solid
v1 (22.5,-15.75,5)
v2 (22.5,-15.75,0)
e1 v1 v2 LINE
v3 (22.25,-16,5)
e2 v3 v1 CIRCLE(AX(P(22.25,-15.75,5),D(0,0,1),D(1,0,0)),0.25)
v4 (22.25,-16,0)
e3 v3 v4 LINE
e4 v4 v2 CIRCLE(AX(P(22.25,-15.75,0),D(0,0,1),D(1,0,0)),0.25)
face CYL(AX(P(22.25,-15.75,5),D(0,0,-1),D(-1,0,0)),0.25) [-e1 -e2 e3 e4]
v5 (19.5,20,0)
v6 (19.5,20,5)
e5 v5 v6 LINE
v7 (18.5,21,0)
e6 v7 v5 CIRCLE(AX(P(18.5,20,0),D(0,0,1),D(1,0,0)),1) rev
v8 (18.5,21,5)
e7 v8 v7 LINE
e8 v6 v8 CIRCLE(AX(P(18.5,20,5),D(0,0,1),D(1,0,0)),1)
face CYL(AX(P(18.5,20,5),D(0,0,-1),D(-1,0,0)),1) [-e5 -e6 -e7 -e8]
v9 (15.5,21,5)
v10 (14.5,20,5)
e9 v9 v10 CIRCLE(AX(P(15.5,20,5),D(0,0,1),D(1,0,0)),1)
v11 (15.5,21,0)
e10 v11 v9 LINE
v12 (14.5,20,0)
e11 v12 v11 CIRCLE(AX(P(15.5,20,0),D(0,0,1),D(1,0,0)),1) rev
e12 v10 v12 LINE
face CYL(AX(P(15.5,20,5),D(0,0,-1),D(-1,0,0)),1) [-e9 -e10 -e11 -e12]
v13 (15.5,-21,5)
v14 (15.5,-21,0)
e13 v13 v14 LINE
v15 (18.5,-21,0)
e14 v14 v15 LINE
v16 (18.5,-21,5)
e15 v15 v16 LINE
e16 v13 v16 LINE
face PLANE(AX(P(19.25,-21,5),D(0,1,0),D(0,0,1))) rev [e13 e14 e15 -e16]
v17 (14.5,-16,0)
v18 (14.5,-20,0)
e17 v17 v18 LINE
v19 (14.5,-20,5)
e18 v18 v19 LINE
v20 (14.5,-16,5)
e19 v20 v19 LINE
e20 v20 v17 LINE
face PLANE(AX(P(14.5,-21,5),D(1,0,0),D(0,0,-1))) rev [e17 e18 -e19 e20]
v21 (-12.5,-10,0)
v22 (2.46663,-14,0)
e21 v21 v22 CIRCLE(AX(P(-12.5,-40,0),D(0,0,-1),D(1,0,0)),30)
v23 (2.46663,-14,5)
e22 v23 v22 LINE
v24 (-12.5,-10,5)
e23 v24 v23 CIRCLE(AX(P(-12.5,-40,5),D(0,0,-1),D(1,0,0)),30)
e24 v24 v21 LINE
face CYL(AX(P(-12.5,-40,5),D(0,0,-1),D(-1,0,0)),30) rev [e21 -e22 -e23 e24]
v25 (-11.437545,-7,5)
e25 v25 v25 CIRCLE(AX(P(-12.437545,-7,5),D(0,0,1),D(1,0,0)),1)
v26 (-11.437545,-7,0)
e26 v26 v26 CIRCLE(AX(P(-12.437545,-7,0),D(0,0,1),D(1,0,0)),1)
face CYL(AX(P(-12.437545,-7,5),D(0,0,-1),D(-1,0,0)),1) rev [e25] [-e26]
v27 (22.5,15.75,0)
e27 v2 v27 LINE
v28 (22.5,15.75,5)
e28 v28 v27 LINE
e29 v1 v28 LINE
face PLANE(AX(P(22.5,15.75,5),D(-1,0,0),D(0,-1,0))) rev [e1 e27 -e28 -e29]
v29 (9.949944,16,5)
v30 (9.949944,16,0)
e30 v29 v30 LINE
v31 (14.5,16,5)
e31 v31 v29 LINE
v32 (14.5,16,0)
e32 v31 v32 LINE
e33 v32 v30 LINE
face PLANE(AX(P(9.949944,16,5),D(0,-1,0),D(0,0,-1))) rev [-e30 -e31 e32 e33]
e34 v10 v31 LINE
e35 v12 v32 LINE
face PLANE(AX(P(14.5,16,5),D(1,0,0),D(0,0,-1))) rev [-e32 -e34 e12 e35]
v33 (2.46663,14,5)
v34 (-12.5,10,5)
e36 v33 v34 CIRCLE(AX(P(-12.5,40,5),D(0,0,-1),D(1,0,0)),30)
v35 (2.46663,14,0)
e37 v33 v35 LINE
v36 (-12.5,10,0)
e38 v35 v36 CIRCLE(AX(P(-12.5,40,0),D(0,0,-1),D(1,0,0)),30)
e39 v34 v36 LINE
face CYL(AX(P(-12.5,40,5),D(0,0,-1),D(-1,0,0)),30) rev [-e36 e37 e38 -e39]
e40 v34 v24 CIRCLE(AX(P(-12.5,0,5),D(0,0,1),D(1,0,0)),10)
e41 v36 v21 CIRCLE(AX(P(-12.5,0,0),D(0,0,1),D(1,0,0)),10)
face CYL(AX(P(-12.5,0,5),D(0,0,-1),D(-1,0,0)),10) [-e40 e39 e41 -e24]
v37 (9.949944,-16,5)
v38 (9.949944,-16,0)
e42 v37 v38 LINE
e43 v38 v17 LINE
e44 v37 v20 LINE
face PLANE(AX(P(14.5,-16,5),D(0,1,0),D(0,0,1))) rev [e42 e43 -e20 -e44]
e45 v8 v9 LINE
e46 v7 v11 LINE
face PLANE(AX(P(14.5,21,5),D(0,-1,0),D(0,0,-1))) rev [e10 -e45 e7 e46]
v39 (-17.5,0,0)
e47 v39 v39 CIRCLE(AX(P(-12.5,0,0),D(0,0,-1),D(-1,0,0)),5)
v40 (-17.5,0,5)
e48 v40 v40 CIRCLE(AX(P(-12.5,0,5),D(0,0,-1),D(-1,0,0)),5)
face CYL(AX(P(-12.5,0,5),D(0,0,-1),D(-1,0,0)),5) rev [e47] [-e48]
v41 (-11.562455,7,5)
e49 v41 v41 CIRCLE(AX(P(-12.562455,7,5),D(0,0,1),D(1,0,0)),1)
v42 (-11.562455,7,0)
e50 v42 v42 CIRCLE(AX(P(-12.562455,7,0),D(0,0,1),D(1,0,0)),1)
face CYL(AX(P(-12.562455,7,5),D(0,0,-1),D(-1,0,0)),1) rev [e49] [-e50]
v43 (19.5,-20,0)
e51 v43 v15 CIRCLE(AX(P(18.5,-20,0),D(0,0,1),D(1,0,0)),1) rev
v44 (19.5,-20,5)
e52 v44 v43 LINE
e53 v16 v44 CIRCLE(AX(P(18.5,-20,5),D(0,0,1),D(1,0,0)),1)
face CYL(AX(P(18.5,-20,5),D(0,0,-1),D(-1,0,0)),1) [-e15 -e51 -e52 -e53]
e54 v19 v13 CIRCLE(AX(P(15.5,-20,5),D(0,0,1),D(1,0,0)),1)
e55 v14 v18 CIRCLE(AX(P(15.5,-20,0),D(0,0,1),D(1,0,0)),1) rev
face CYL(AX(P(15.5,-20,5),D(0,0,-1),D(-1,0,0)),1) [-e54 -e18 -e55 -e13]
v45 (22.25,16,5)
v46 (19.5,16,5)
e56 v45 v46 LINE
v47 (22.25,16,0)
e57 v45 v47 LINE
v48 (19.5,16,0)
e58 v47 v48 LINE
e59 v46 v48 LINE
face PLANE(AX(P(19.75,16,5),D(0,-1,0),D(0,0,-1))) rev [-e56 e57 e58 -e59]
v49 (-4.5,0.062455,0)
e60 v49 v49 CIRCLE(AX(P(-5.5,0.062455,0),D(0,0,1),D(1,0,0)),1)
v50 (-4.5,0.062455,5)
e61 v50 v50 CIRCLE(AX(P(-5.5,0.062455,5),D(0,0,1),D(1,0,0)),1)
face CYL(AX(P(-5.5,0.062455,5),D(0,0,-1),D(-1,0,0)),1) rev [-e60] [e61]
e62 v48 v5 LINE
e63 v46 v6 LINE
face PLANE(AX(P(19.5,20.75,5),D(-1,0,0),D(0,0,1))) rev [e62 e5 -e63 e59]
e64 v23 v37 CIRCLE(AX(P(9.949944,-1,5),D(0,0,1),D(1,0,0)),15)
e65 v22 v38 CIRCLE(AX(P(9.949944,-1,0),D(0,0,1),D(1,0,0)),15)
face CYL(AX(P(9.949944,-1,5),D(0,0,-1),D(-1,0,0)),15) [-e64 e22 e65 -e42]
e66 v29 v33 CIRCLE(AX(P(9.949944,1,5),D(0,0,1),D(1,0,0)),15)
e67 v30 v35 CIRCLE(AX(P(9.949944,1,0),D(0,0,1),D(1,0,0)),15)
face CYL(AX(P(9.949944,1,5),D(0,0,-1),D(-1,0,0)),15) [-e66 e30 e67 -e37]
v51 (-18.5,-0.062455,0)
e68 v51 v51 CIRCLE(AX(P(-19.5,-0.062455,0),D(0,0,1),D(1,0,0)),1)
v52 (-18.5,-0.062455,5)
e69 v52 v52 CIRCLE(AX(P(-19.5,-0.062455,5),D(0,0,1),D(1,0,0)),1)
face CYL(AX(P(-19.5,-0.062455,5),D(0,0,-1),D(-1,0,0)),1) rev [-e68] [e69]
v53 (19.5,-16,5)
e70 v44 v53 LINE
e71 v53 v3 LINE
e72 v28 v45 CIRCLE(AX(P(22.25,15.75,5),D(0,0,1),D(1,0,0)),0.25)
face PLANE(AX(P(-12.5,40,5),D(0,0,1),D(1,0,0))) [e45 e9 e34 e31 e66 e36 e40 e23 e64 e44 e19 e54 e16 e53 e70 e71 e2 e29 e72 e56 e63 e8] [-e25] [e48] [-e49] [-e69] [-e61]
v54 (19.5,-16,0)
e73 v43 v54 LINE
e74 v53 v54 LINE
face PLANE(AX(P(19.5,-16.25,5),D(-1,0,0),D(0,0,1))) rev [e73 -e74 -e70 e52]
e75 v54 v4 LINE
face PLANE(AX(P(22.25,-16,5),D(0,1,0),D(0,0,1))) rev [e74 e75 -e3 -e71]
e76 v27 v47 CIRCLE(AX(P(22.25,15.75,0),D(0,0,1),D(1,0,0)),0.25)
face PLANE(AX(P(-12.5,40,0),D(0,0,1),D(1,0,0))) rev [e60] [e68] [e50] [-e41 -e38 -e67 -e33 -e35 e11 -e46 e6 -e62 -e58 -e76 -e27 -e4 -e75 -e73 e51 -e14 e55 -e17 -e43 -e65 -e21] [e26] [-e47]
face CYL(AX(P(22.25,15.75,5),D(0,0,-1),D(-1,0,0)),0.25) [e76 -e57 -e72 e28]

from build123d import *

# Parameters (mm, degrees)
SKETCH1_R           = 1
SKETCH1_R_2         = 1.5
BOSS_EXTRUDE1_DEPTH = 5
SKETCH2_R           = 5
CUT_EXTRUDE1_DEPTH  = 5
SKETCH3_W           = 1.4355807
SKETCH3_H           = 6.545274718
SKETCH3_W_2         = 3.269456696
SKETCH3_H_2         = 6.030331239
CUT_EXTRUDE2_DEPTH  = 5
SKETCH4_W           = 3.74989662
SKETCH4_H           = 42
BOSS_EXTRUDE2_DEPTH = 5
FILLET1_R           = 1


with BuildPart() as part:
    # Sketch1 → Boss-Extrude1 (new body)
    with BuildSketch(Plane.XY):
        with BuildLine():
            Line((19.25, -21), (14.5, -21))
            Line((14.5, -21), (14.5, -16))
            Line((14.5, -16), (13.407179423, -16))
            Line((13.407179423, -16), (9.949944321, -16))
            ThreePointArc((9.949944321, -16), (6.076960974, -15.491376746), (2.466629547, -14))
            ThreePointArc((2.466629547, -14), (-4.754033308, -11.017246508), (-12.5, -10))
            ThreePointArc((-12.5, -10), (-22.5, 0), (-12.5, 10))
            ThreePointArc((-12.5, 10), (-4.754033308, 11.017246508), (2.466629547, 14))
            ThreePointArc((2.466629547, 14), (6.076960974, 15.491376746), (9.949944321, 16))
            Line((9.949944321, 16), (13.407179423, 16))
            Line((13.407179423, 16), (14.5, 16))
            Line((14.5, 16), (14.5, 21))
            Line((14.5, 21), (19.25, 21))
            ThreePointArc((19.25, 21), (19.426776695, 20.926776695), (19.5, 20.75))
            Line((19.5, 20.75), (19.5, 16.25))
            ThreePointArc((19.5, 16.25), (19.573223305, 16.073223305), (19.75, 16))
            Line((19.75, 16), (22.25, 16))
            ThreePointArc((22.25, 16), (22.426776695, 15.926776695), (22.5, 15.75))
            Line((22.5, 15.75), (22.5, -15.75))
            ThreePointArc((22.5, -15.75), (22.426776695, -15.926776695), (22.25, -16))
            Line((22.25, -16), (19.75, -16))
            ThreePointArc((19.75, -16), (19.573223305, -16.073223305), (19.5, -16.25))
            Line((19.5, -16.25), (19.5, -20.75))
            ThreePointArc((19.5, -20.75), (19.426776695, -20.926776695), (19.25, -21))
        make_face()
        with Locations((-19.5, -0.062454575)):
            Circle(SKETCH1_R, mode=Mode.SUBTRACT)
        with Locations((-12.562454575, 7)):
            Circle(SKETCH1_R, mode=Mode.SUBTRACT)
        with Locations((-5.5, 0.062454575)):
            Circle(SKETCH1_R, mode=Mode.SUBTRACT)
        with Locations((-12.5, 0)):
            Circle(SKETCH1_R_2, mode=Mode.SUBTRACT)
        with Locations((-12.437545425, -7)):
            Circle(SKETCH1_R, mode=Mode.SUBTRACT)
    extrude(amount=BOSS_EXTRUDE1_DEPTH)

    # Sketch2 → Cut-Extrude1 (cut)
    with BuildSketch(Plane(origin=(0, 0, 0), x_dir=(-1, 0, 0), z_dir=(0, 0, -1))):
        with Locations((12.5, 0)):
            Circle(SKETCH2_R)
    extrude(amount=-CUT_EXTRUDE1_DEPTH, mode=Mode.SUBTRACT)

    # Sketch3 → Cut-Extrude2 (cut)
    with BuildSketch(Plane(origin=(0, 0, 0), x_dir=(-1, 0, 0), z_dir=(0, 0, -1))):
        with Locations((-20.21779035, 19.272637359)):
            Rectangle(SKETCH3_W, SKETCH3_H)
        with Locations((-21.134728348, -19.01516562)):
            Rectangle(SKETCH3_W_2, SKETCH3_H_2)
    extrude(amount=-CUT_EXTRUDE2_DEPTH, mode=Mode.SUBTRACT)

    # Sketch4 → Boss-Extrude2 (add)
    with BuildSketch(Plane(origin=(0, 0, 0), x_dir=(-1, 0, 0), z_dir=(0, 0, -1))):
        with Locations((-17.62505169, 0)):
            Rectangle(SKETCH4_W, SKETCH4_H)
    extrude(amount=-BOSS_EXTRUDE2_DEPTH)

    # Fillet1
    fillet1_edges = [part.edges().sort_by_distance(p)[0] for p in [
        (19.5, -21, 2.5),
        (19.5, 21, 2.5),
        (14.5, 21, 2.5),
        (14.5, -21, 2.5),
    ]]
    fillet(fillet1_edges, radius=FILLET1_R)


solid = part.part
